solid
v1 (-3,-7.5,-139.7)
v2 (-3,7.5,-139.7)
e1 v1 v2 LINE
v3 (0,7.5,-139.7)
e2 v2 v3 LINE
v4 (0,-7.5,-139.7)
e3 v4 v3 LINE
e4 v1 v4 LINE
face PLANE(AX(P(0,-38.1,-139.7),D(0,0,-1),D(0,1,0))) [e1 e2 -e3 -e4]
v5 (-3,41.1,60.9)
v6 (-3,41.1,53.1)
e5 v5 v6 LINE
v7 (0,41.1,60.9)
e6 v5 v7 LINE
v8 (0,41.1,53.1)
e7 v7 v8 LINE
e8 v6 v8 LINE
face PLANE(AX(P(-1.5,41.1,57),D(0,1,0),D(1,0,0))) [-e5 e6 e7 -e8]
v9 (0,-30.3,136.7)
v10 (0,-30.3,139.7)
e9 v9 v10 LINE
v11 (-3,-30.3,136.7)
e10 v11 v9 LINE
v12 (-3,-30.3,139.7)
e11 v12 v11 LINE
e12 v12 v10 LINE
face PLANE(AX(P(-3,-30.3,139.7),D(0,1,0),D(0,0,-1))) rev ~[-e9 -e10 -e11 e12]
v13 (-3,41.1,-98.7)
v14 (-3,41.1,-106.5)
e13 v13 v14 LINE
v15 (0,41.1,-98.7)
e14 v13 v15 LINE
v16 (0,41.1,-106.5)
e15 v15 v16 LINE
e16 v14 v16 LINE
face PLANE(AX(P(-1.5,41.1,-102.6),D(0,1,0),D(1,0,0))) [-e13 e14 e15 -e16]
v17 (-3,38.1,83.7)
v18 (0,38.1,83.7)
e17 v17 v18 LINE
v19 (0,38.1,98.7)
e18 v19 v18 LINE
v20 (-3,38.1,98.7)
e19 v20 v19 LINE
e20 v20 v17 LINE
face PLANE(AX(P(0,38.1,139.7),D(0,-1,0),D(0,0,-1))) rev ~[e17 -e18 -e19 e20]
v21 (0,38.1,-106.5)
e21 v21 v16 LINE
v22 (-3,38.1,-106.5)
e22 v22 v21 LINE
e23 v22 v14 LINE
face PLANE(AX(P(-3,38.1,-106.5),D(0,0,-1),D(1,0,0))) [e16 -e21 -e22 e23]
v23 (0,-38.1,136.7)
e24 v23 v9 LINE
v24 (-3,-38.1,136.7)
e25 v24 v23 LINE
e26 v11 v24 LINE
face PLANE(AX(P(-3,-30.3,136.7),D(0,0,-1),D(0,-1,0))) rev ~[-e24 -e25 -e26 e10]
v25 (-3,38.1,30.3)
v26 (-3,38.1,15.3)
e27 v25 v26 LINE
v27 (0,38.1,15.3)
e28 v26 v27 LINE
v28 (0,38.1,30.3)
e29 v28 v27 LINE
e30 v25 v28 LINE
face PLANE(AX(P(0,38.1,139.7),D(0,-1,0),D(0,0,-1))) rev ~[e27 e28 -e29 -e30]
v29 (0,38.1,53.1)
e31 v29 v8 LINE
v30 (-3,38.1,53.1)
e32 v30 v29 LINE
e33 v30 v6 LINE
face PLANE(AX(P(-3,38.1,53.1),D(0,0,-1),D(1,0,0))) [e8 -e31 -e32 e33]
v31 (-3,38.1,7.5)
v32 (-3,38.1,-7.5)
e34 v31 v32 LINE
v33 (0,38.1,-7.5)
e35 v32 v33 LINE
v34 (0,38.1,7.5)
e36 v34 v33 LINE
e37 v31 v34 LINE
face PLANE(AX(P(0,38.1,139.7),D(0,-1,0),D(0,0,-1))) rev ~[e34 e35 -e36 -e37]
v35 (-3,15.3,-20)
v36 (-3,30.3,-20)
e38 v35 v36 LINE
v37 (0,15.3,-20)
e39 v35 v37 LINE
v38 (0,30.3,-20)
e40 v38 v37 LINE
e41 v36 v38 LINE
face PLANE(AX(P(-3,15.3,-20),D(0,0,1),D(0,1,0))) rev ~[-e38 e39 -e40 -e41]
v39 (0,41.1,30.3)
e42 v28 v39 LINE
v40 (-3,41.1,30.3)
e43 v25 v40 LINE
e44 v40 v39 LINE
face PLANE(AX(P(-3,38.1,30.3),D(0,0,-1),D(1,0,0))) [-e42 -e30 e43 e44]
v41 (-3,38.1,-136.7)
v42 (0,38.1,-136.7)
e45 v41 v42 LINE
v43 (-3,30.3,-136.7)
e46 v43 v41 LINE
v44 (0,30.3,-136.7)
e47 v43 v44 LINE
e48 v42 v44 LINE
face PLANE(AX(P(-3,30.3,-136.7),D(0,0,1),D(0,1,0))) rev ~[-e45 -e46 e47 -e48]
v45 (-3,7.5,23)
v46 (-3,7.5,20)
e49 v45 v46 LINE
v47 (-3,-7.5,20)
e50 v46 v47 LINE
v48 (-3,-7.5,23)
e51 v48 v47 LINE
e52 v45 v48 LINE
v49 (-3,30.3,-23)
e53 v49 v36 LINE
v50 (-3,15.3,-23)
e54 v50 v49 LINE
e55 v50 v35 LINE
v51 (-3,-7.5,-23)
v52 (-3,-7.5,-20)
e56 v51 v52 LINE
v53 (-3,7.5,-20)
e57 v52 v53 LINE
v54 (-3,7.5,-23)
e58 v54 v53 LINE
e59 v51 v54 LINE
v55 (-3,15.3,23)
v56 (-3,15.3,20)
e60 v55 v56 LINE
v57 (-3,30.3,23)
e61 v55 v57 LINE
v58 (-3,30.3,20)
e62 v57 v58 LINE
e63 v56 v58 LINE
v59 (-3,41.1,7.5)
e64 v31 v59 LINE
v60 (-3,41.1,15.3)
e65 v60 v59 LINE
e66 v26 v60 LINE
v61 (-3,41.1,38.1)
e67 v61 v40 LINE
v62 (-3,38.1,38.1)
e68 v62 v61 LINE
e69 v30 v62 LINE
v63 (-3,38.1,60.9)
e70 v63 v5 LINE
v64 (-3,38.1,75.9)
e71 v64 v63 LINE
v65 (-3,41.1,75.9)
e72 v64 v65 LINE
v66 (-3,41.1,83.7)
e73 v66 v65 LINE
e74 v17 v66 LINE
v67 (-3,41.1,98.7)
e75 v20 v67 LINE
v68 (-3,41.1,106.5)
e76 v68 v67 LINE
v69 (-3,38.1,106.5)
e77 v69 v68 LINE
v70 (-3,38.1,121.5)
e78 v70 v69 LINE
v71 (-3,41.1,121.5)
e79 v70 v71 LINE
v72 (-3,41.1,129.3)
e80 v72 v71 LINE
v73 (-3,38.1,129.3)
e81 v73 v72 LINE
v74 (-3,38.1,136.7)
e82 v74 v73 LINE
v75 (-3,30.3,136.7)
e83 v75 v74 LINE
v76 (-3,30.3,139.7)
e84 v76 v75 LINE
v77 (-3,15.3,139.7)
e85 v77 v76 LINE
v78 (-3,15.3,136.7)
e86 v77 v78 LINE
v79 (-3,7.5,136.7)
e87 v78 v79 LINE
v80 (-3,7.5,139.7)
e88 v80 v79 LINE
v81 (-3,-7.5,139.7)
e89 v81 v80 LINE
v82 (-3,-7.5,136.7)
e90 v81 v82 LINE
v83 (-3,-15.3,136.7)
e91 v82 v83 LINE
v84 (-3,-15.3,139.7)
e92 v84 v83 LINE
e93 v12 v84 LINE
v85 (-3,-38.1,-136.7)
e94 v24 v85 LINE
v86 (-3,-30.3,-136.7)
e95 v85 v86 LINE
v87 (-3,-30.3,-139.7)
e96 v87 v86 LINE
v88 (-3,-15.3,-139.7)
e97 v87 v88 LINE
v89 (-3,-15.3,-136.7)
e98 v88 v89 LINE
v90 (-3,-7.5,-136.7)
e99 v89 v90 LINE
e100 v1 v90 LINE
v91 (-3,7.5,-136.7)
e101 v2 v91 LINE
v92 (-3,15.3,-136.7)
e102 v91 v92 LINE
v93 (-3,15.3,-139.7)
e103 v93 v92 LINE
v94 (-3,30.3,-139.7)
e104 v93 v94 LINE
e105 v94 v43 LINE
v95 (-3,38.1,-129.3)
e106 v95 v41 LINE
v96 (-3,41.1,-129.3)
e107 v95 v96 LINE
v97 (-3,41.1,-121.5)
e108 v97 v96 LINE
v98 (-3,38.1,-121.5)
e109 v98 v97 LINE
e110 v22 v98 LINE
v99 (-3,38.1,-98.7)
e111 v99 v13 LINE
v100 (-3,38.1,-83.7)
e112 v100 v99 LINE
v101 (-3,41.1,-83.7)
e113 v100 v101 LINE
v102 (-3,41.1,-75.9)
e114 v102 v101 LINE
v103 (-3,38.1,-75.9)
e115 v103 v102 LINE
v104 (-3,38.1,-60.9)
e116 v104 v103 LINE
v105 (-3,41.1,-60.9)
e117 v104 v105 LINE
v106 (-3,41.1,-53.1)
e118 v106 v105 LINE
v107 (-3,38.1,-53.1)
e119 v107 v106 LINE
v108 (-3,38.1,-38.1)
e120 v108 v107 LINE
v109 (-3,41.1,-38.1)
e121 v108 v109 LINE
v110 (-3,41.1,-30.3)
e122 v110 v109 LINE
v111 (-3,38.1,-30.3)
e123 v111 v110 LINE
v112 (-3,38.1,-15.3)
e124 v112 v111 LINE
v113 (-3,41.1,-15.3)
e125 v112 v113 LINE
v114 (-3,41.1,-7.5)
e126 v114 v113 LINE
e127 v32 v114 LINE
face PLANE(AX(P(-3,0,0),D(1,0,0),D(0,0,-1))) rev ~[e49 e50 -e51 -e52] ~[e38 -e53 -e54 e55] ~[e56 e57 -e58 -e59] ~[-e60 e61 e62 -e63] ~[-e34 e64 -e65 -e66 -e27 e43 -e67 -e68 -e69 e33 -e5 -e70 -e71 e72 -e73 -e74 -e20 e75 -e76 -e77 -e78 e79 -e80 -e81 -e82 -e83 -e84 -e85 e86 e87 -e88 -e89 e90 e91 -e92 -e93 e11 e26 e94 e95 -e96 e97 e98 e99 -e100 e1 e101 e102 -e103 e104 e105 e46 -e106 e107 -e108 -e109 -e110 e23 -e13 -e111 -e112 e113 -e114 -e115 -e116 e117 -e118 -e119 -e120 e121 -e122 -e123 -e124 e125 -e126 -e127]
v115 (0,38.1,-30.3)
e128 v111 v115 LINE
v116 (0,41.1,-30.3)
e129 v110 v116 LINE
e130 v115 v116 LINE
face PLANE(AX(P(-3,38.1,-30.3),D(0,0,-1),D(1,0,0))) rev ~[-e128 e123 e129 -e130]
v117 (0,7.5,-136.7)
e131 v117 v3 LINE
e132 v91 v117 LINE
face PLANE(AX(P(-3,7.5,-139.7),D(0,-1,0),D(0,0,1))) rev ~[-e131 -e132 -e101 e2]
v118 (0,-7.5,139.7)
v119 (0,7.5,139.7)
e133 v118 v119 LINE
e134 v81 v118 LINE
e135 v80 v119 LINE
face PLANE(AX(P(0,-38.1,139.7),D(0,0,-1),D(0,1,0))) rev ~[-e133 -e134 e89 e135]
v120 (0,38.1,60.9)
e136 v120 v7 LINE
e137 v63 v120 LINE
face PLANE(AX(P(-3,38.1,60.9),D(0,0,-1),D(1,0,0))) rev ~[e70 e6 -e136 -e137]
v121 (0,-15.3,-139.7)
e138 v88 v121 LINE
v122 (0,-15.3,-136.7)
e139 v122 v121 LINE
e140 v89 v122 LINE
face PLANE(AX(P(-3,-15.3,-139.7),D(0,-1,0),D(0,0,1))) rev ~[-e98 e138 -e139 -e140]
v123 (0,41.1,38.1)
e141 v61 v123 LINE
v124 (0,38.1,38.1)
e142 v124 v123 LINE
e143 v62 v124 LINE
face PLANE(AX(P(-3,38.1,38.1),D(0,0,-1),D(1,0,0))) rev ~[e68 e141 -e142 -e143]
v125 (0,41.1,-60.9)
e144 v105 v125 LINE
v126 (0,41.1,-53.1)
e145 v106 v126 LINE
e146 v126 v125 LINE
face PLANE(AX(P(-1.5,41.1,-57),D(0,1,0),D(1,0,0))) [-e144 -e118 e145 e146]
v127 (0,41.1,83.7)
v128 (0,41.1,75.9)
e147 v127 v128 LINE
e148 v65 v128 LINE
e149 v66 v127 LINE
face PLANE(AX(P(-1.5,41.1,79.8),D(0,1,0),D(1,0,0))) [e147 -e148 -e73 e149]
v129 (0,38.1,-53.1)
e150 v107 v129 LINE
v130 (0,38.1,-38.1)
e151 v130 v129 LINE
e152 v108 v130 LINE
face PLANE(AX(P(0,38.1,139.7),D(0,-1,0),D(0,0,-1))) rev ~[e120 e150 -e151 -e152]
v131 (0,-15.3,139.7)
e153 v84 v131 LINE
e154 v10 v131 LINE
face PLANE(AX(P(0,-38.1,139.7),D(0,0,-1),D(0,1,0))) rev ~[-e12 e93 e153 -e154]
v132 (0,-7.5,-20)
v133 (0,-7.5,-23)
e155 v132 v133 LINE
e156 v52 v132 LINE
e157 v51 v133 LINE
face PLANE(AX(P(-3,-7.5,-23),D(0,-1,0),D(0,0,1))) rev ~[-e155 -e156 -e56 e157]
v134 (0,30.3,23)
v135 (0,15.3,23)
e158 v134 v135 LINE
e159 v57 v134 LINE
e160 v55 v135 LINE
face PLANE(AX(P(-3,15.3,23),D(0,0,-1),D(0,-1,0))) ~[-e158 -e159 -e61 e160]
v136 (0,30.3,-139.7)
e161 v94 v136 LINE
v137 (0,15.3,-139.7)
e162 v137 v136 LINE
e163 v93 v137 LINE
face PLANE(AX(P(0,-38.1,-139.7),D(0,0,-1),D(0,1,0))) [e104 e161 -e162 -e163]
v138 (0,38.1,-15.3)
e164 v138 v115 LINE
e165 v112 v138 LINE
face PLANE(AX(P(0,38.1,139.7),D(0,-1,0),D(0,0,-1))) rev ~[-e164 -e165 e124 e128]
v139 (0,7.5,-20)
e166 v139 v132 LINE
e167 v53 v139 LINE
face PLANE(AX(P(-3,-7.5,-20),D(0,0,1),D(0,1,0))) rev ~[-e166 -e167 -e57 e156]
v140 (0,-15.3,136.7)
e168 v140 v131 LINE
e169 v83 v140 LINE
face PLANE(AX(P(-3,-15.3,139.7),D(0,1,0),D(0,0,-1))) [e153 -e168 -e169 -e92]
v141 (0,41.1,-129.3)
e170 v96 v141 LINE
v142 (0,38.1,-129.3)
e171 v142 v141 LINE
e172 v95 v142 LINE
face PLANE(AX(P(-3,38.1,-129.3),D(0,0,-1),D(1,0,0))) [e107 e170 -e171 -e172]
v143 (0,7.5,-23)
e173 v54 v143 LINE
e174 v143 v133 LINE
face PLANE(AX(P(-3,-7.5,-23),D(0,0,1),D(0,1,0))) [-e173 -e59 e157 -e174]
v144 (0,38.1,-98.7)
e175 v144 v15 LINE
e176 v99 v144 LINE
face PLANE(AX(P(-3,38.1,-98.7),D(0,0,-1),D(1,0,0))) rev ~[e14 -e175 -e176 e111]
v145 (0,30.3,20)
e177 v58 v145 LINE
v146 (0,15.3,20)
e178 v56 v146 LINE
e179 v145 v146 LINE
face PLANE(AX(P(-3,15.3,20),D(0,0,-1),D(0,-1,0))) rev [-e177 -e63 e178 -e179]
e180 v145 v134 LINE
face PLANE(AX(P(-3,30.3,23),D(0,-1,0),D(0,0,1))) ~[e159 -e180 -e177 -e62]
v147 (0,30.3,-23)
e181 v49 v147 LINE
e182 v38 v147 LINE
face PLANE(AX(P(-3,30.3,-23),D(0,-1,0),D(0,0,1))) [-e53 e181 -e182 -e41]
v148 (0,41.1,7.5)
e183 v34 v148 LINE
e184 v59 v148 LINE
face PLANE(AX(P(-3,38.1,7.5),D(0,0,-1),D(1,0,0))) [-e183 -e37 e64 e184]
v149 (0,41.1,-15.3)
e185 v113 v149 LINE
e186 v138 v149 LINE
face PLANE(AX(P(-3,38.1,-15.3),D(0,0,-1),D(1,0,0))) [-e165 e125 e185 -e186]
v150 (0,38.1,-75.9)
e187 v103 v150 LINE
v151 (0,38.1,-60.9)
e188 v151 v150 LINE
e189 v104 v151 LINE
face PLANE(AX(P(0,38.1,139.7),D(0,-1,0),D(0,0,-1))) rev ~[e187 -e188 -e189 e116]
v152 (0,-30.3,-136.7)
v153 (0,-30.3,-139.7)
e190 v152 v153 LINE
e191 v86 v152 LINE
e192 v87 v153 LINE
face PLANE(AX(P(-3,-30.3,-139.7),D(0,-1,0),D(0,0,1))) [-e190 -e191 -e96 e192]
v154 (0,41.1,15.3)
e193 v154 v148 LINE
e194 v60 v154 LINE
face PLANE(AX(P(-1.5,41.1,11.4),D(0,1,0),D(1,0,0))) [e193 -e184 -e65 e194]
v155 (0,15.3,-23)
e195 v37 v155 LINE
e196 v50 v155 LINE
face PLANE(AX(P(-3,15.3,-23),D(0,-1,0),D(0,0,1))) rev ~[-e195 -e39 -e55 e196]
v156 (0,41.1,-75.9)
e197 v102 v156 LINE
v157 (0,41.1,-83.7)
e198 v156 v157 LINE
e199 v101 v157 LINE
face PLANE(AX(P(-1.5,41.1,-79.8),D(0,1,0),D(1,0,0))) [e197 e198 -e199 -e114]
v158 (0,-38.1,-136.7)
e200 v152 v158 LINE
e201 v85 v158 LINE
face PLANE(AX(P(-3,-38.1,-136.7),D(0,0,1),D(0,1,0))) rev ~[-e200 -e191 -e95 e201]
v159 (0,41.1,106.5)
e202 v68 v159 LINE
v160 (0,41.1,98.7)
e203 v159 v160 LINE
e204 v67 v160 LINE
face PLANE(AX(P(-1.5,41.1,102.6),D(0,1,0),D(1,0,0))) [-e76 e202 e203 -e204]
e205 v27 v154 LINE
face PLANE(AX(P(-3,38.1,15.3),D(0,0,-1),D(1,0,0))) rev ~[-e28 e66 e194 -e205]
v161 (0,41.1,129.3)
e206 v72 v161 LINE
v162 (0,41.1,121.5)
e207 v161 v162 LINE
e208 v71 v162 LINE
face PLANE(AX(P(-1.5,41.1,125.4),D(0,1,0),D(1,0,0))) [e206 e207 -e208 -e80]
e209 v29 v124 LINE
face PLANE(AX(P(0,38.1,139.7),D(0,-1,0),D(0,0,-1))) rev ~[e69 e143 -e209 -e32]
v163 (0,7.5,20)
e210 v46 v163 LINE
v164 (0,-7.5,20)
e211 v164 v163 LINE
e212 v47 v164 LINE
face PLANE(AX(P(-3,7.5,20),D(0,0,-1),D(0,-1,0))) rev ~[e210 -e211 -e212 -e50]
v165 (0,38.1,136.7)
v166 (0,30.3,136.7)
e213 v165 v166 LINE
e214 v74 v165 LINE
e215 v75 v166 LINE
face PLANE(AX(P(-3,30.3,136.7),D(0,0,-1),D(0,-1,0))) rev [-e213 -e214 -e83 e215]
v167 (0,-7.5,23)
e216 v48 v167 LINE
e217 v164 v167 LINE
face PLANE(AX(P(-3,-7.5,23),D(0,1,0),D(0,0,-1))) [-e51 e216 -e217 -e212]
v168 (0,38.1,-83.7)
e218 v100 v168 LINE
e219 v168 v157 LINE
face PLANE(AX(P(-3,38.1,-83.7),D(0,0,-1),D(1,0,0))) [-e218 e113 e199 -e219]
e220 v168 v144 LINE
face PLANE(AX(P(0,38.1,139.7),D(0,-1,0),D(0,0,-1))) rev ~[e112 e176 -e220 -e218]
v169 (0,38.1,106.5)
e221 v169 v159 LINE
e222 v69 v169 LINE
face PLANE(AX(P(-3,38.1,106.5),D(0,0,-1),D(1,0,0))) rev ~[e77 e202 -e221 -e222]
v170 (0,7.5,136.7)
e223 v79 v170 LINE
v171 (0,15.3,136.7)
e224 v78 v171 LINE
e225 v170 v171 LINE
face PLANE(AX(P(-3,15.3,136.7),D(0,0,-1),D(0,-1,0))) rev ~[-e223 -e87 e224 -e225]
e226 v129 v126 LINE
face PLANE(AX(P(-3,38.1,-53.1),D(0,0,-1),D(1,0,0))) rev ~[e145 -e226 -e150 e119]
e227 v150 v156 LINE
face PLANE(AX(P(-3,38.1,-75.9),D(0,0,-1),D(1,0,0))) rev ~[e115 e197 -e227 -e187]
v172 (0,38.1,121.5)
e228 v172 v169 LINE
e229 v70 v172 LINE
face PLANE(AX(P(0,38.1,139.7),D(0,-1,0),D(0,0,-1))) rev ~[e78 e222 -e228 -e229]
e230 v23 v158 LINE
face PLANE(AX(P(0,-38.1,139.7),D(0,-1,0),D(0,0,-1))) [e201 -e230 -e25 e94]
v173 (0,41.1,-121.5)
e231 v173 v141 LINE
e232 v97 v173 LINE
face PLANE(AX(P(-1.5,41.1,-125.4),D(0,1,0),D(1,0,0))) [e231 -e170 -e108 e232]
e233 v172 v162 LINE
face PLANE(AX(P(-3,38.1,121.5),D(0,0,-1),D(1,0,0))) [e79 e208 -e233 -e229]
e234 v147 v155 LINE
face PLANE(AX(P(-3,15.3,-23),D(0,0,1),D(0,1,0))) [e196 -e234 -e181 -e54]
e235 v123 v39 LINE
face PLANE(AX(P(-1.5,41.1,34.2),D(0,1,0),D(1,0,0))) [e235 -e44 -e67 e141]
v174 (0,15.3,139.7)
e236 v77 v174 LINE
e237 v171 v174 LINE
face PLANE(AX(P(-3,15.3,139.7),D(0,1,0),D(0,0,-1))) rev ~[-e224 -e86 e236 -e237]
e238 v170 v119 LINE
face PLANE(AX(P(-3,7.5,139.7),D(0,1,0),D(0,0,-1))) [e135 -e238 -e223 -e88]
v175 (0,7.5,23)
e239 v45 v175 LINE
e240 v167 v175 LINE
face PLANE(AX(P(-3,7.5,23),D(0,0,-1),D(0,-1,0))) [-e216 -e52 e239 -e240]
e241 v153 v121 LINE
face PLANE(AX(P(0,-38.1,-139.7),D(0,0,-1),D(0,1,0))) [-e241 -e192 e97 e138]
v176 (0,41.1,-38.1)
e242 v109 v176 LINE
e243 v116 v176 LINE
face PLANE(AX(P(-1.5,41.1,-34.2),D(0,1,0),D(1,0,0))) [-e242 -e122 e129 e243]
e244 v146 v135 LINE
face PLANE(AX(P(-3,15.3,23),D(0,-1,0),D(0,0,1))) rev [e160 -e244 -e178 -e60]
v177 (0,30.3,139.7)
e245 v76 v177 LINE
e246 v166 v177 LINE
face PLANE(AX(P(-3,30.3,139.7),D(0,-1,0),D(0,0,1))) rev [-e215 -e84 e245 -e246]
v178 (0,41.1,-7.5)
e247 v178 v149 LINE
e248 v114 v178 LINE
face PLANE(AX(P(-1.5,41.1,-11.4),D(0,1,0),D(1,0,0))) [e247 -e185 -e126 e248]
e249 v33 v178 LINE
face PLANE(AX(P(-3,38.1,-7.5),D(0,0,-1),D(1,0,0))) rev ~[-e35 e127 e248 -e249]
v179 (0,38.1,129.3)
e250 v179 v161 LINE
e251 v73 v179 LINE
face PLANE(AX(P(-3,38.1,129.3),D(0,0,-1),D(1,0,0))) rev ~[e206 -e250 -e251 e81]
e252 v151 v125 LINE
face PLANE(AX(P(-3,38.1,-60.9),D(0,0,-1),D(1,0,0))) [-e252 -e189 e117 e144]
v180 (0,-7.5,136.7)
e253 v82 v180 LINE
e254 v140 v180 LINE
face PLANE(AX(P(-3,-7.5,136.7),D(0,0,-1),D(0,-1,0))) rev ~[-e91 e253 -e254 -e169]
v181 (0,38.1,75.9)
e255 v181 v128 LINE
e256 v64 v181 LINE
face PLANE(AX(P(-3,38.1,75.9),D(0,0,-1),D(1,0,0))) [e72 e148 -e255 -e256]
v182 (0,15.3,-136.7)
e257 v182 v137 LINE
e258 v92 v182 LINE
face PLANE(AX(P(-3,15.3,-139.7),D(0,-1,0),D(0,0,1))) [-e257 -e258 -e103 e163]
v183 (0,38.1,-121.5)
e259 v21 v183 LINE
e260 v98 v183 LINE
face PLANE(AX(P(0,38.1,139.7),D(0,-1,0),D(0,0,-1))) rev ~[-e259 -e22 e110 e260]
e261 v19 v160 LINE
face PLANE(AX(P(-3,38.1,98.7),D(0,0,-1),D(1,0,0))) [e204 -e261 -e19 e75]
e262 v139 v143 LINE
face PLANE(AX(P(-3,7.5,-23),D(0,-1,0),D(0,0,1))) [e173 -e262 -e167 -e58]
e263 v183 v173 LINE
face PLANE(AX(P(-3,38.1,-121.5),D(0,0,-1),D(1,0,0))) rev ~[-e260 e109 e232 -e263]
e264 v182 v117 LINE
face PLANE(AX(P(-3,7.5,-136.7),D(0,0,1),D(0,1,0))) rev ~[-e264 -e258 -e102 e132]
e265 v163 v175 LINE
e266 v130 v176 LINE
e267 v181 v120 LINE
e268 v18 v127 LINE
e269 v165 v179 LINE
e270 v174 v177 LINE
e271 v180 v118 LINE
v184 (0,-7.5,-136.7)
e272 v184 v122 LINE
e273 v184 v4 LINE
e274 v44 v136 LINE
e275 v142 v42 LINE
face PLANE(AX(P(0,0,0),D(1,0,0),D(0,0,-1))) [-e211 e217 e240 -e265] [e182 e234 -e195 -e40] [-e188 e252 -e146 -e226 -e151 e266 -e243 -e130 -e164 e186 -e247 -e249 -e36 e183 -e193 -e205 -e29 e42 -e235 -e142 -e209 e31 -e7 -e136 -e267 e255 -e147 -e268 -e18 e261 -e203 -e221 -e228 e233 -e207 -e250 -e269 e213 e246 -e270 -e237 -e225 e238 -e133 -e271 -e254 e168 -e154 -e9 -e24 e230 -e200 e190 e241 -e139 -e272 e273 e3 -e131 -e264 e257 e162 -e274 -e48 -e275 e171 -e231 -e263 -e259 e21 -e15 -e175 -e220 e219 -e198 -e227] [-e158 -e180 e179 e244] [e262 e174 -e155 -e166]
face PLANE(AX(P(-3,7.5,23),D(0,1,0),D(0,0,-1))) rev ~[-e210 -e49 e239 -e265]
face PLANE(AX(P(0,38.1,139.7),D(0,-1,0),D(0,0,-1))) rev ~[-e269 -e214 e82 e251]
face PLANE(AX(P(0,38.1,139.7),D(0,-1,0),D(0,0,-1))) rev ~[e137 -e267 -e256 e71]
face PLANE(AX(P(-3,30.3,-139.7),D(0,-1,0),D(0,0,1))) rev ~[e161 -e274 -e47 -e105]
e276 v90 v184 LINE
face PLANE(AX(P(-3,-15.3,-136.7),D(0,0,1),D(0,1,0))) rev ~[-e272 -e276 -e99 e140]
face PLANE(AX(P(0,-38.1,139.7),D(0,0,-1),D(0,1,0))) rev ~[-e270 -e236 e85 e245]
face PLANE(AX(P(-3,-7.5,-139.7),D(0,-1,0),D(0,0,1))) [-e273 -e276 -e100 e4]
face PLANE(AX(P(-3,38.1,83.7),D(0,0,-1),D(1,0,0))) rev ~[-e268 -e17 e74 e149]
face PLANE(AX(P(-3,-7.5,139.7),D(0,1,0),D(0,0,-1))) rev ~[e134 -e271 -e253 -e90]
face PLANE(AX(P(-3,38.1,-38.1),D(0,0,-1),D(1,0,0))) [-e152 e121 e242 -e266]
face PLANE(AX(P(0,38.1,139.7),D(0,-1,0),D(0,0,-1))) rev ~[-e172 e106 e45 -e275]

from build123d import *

# Parameters (mm, degrees)
SKETCH1_W               = 279.4
SKETCH1_H               = 76.2
BOSS_EXTRUDE1_DEPTH     = 3
SKETCH3_W               = 3
SKETCH3_H               = 7.8
CUT_EXTRUDE1_DEPTH      = 145.833352512
LPATTERN1_COUNT         = 4
LPATTERN1_PITCH         = 22.8
MIRROR1_COPY_1_SKETCH_W = 3
MIRROR1_COPY_1_SKETCH_H = 7.8
MIRROR1_COPY_1_DEPTH    = 145.833352512
MIRROR1_COPY_2_SKETCH_W = 3
MIRROR1_COPY_2_SKETCH_H = 7.8
MIRROR1_COPY_2_DEPTH    = 145.833352512
MIRROR1_COPY_3_SKETCH_W = 3
MIRROR1_COPY_3_SKETCH_H = 7.8
MIRROR1_COPY_3_DEPTH    = 145.833352512
SKETCH5_W               = 3
SKETCH5_H               = 15
CUT_EXTRUDE3_DEPTH      = 10
SKETCH9_W               = 3
SKETCH9_H               = 7.8
BOSS_EXTRUDE2_DEPTH     = 3
LPATTERN4_COUNT         = 12
LPATTERN4_PITCH         = 22.8
LPATTERN5_COUNT         = 2
LPATTERN5_PITCH         = 22.8
MIRROR2_COPY_1_SKETCH_W = 3
MIRROR2_COPY_1_SKETCH_H = 15
MIRROR2_COPY_1_DEPTH    = 10


with BuildPart() as part:
    # Sketch1 → Boss-Extrude1 (new body)
    with BuildSketch(Plane(origin=(0, 0, 0), x_dir=(0, 0, -1), z_dir=(1, 0, 0))):
        Rectangle(SKETCH1_W, SKETCH1_H)
    extrude(amount=-BOSS_EXTRUDE1_DEPTH)

    # Sketch3 → Cut-Extrude1 (cut, through all)
    with BuildSketch(Plane.ZY.offset(3)):
        with Locations((-138.2, 34.2)):
            Rectangle(SKETCH3_W, SKETCH3_H)
    cut_extrude1 = extrude(amount=-CUT_EXTRUDE1_DEPTH, mode=Mode.SUBTRACT)

    # LPattern1: Cut-Extrude1 ×4
    with Locations(*[(0, -i * LPATTERN1_PITCH, 0) for i in range(1, LPATTERN1_COUNT)]):
        add(cut_extrude1, mode=Mode.SUBTRACT)

    # Mirror1: Cut-Extrude1 across plane
    add(cut_extrude1.mirror(Plane.XY), mode=Mode.SUBTRACT)

    # Mirror1 copy 1 sketch → Mirror1 copy 1 (cut, through all)
    with BuildSketch(Plane(origin=(-3, -22.8, 0), x_dir=(0, 0, -1), z_dir=(-1, 0, 0))):
        with Locations((-138.2, -34.2)):
            Rectangle(MIRROR1_COPY_1_SKETCH_W, MIRROR1_COPY_1_SKETCH_H)
    extrude(amount=-MIRROR1_COPY_1_DEPTH, mode=Mode.SUBTRACT)

    # Mirror1 copy 2 sketch → Mirror1 copy 2 (cut, through all)
    with BuildSketch(Plane(origin=(-3, -45.6, 0), x_dir=(0, 0, -1), z_dir=(-1, 0, 0))):
        with Locations((-138.2, -34.2)):
            Rectangle(MIRROR1_COPY_2_SKETCH_W, MIRROR1_COPY_2_SKETCH_H)
    extrude(amount=-MIRROR1_COPY_2_DEPTH, mode=Mode.SUBTRACT)

    # Mirror1 copy 3 sketch → Mirror1 copy 3 (cut, through all)
    with BuildSketch(Plane(origin=(-3, -68.4, 0), x_dir=(0, 0, -1), z_dir=(-1, 0, 0))):
        with Locations((-138.2, -34.2)):
            Rectangle(MIRROR1_COPY_3_SKETCH_W, MIRROR1_COPY_3_SKETCH_H)
    extrude(amount=-MIRROR1_COPY_3_DEPTH, mode=Mode.SUBTRACT)

    # Sketch5 → Cut-Extrude3 (cut)
    with BuildSketch(Plane.ZY.offset(3)):
        with Locations((-21.5, 22.8)):
            Rectangle(SKETCH5_W, SKETCH5_H)
    cut_extrude3 = extrude(amount=-CUT_EXTRUDE3_DEPTH, mode=Mode.SUBTRACT)

    # Sketch9 → Boss-Extrude2 (add)
    with BuildSketch(Plane(origin=(0, 38.1, 0), x_dir=(1, 0, 0), z_dir=(0, 1, 0))):
        with Locations((-1.5, 125.4)):
            Rectangle(SKETCH9_W, SKETCH9_H)
    boss_extrude2 = extrude(amount=BOSS_EXTRUDE2_DEPTH)

    # LPattern4: Boss-Extrude2 ×12
    with Locations(*[(0, 0, i * LPATTERN4_PITCH) for i in range(1, LPATTERN4_COUNT)]):
        add(boss_extrude2)

    # LPattern5: Cut-Extrude3 ×2
    with Locations(*[(0, -i * LPATTERN5_PITCH, 0) for i in range(1, LPATTERN5_COUNT)]):
        add(cut_extrude3, mode=Mode.SUBTRACT)

    # Mirror2: Cut-Extrude3 across plane
    add(cut_extrude3.mirror(Plane.XY), mode=Mode.SUBTRACT)

    # Mirror2 copy 1 sketch → Mirror2 copy 1 (cut)
    with BuildSketch(Plane(origin=(-3, -22.8, 0), x_dir=(0, 0, -1), z_dir=(-1, 0, 0))):
        with Locations((-21.5, -22.8)):
            Rectangle(MIRROR2_COPY_1_SKETCH_W, MIRROR2_COPY_1_SKETCH_H)
    extrude(amount=-MIRROR2_COPY_1_DEPTH, mode=Mode.SUBTRACT)


solid = part.part
